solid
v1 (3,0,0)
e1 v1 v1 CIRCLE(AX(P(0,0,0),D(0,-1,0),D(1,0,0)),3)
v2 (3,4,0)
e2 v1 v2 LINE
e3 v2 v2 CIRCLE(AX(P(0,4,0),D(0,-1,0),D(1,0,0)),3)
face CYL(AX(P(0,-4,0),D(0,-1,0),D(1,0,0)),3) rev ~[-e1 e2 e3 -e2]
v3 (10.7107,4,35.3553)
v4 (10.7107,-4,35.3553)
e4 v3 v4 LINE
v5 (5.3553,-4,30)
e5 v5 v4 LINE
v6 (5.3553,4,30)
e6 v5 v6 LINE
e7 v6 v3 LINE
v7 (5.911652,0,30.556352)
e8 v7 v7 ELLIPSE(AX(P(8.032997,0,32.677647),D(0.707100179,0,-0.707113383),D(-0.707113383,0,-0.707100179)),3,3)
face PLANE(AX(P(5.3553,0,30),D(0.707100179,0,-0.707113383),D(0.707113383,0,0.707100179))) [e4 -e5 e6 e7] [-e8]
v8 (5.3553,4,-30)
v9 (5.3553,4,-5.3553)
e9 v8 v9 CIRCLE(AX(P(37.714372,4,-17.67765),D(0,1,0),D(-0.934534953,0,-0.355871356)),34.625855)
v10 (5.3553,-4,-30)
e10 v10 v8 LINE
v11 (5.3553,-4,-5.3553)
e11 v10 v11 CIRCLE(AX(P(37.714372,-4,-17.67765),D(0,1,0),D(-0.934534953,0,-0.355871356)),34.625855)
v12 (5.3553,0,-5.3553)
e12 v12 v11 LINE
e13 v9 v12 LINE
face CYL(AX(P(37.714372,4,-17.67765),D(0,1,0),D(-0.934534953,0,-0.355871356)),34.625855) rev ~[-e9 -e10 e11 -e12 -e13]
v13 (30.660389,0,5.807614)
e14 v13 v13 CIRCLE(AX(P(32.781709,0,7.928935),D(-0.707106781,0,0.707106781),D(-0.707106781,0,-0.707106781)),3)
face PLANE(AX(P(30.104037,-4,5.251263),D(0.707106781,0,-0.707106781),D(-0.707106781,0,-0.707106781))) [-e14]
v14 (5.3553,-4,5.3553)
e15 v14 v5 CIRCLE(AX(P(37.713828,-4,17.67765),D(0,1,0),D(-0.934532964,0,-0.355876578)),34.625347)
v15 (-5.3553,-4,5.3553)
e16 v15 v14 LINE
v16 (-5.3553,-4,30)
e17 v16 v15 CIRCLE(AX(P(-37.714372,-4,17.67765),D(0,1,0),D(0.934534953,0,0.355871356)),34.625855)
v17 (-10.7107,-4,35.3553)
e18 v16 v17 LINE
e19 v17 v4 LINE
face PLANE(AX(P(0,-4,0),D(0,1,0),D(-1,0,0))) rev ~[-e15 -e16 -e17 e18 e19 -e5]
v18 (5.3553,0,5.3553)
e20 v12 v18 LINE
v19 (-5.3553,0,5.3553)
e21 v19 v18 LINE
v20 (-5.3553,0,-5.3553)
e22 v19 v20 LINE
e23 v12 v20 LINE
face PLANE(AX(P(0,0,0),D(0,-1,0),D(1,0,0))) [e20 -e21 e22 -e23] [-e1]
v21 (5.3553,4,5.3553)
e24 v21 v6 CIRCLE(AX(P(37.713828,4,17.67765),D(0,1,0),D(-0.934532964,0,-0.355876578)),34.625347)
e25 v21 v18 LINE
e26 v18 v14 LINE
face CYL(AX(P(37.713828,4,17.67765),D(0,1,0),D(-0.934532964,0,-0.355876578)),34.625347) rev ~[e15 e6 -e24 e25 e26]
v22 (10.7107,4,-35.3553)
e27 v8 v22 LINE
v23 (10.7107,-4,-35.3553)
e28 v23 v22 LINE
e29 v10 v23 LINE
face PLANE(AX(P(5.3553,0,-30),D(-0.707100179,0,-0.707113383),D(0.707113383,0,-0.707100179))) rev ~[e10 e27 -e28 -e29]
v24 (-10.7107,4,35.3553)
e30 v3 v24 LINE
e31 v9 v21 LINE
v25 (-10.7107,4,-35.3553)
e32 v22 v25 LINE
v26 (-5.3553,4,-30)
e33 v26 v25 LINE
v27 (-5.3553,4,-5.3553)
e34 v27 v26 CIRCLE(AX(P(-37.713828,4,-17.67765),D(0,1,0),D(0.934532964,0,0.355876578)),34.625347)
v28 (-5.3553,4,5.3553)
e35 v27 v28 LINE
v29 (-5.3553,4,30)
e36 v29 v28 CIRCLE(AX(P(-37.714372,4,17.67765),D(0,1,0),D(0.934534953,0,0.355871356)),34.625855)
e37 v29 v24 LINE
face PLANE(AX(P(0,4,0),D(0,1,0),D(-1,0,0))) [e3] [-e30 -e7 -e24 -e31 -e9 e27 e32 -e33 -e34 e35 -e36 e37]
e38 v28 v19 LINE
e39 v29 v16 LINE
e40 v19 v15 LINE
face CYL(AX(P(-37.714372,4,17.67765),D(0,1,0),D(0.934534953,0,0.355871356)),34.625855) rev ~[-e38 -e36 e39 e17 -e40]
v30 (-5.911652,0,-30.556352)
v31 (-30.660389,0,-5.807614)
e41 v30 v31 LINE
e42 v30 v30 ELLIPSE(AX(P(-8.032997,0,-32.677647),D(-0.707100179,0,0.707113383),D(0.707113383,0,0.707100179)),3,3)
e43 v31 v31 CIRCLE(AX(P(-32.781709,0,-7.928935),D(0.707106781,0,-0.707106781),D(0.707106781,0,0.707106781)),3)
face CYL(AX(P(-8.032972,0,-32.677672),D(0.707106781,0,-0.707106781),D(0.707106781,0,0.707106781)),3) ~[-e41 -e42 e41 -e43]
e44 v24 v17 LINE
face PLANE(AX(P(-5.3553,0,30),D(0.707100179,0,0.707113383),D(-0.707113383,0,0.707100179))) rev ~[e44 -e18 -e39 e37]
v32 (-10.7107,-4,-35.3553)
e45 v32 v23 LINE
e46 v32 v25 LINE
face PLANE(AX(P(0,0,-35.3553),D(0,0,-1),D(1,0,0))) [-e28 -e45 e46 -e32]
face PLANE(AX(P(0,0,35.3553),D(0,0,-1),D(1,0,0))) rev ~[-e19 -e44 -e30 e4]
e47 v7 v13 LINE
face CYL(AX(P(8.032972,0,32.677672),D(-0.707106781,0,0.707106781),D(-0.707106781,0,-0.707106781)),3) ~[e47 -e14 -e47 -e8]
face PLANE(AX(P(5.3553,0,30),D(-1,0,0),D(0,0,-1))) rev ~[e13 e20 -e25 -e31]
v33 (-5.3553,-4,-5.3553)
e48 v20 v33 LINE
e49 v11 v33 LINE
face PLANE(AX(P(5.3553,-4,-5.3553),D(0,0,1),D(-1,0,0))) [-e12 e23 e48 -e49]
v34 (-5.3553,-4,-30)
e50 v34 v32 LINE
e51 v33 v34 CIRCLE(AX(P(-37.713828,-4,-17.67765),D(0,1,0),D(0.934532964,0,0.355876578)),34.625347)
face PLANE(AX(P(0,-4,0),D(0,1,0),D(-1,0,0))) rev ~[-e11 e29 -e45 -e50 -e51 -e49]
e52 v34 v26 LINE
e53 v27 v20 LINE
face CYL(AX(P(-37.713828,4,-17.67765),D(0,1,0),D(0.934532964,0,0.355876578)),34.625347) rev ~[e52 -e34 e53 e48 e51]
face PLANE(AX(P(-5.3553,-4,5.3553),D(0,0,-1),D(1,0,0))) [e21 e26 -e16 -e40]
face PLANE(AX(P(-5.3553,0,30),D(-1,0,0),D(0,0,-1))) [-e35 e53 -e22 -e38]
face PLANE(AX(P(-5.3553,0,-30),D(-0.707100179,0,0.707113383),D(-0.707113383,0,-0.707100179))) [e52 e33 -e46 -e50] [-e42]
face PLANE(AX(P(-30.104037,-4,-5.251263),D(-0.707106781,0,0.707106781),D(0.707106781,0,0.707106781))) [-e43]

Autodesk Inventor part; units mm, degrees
ref_plane "YZ Plane" through (0, 0, 0) normal (1, 0, 0) x (0, 1, 0)
ref_plane "XZ Plane" through (0, 0, 0) normal (0, 1, 0) x (-1, 0, 0)
ref_plane "XY Plane" through (0, 0, 0) normal (0, 0, 1) x (1, 0, 0)
sketch "スケッチ1" plane through (0, 0, 0) normal (0, 1, 0) x (-1, 0, 0)
  line L0 (-35.3553, 0) -> (0, 35.3553)
  line L1 (0, 35.3553) -> (35.3553, 0)
  line L2 (35.3553, 0) -> (0, -35.3553)
  line L3 (0, -35.3553) -> (-35.3553, 0)
  line L4 (-25, 25) -> (25, -25) construction
  line L5 (25, 25) -> (-25, -25) construction
  line L6 (0, 0) -> (0, -30)
  line L7 (0, -30) -> (5.3553, -30)
  line L8 (5.3553, -30) -> (10.7107, -35.3553)
  line L9 (5.3553, -30) -> (5.3553, 0)
  line L10 (0, 0) -> (30, 0)
  line L11 (30, 0) -> (30, -5.3553)
  line L12 (30, -5.3553) -> (0, -5.3553)
  line L13 (35.3553, 0) -> (47.1243, -11.769)
  line L14 (35.3553, 0) -> (35.3553, -35.3553)
  line L15 (0, -35.3553) -> (35.3553, -35.3553)
  line L16 (30, -5.3553) -> (35.3553, -10.7107)
  line L17 (5.3553, 30) -> (5.3553, 0)
  line L18 (30, 5.3553) -> (0, 5.3553)
  line L19 (0, 35.3553) -> (35.3553, 0)
  line L20 (30, 5.3553) -> (35.3553, 10.7107)
  line L21 (30, 0) -> (30, 5.3553)
  line L22 (0, 30) -> (5.3553, 30)
  line L23 (5.3553, 30) -> (10.7107, 35.3553)
  line L24 (0, 35.3553) -> (35.3553, 35.3553)
  line L25 (35.3553, 0) -> (35.3553, 35.3553)
  line L26 (0, 0) -> (0, 30)
  line L27 (0, 0) -> (30, 0)
  line L28 (-30, 5.3553) -> (0, 5.3553)
  line L29 (-5.3553, 30) -> (-5.3553, 0)
  line L30 (-35.3553, 0) -> (0, 35.3553)
  line L31 (-5.3553, 30) -> (-10.7107, 35.3553)
  line L32 (0, 30) -> (-5.3553, 30)
  line L33 (-30, 0) -> (-30, 5.3553)
  line L34 (-30, 5.3553) -> (-35.3553, 10.7107)
  line L35 (-35.3553, 0) -> (-35.3553, 35.3553)
  line L36 (0, 35.3553) -> (-35.3553, 35.3553)
  line L37 (0, 0) -> (-30, 0)
  line L38 (0, 0) -> (0, 30)
  line L39 (-5.3553, -30) -> (-5.3553, 0)
  line L40 (-30, -5.3553) -> (0, -5.3553)
  line L41 (0, -35.3553) -> (-35.3553, 0)
  line L42 (-30, -5.3553) -> (-35.3553, -10.7107)
  line L43 (-30, 0) -> (-30, -5.3553)
  line L44 (0, -30) -> (-5.3553, -30)
  line L45 (-5.3553, -30) -> (-10.7107, -35.3553)
  line L46 (0, -35.3553) -> (-35.3553, -35.3553)
  line L47 (-35.3553, 0) -> (-35.3553, -35.3553)
  line L48 (0, 0) -> (0, -30)
  line L49 (0, 0) -> (-30, 0)
  point P0 (35.3553, 0)
  point P1 (5.3553, 5.3553)
  point P2 (-5.3553, 5.3553)
  point P3 (-5.3553, -5.3553)
  point P4 (0, -35.3553)
  point P5 (5.3553, -5.3553)
  point P6 (-5.3553, 0)
  dimension "d0" = 50
  dimension "d1" = 50
  dimension "d3" = 30
  dimension "d4" = 30
  dimension "d7" = 360
extrude "押し出し1" add sketch "スケッチ1" along normal mid plane 8 contours L31 L36 L0 | L32 L26 L28 L29 | L0 L1 L22 L32 | L28 L26 L37 L29 | L44 L7 L2 L3 | L39 L40 L6 L44 | L3 L46 L45 | L39 L37 L6 L40 | L24 L23 L1 | L22 L17 L18 L26 | L18 L17 L10 L26 | L2 L8 L15 | L6 L12 L9 L7 | L6 L10 L9 L12
sketch "スケッチ3" plane through (5.3553, -4, 30) normal (0.7071, 0, -0.7071) x (-0.7071, 0, -0.7071)
  line L0 (-7.5736, 8) -> (7.5736, 8) projected
  line L1 (42.4264, 0) -> (0, 0) projected
  line L2 (-7.5736, 8) -> (0, 0)
  line L3 (-7.5736, 0) -> (7.5736, 0) projected
  line L4 (0, 8) -> (-7.5736, 0)
  circle A0 centre (-3.7868, 4) radius 3
  point P0 (25, 4)
  point P1 (17.4264, 0)
  dimension "d12" = 6
extrude "押し出し2" add sketch "スケッチ3" along normal blind 35 contours A0 L4 L2 | L2 L4 A0 | A0 L2 L4 | L2 A0 L4
pattern_circular "円形状パターン1" count 2 over 360 about axis through (0, -10, 0) along (0, 1, 0) of "押し出し2"
sketch "スケッチ4" plane through (0, 4, 0) normal (0, 1, 0) x (1, 0, 0)
  line L0 (-30, -5.3553) -> (-5.3553, -5.3553) projected
  line L1 (-35.3553, -10.7107) -> (-30, -5.3553) projected
  arc A0 (-5.3553, -5.3553) -> (-30, -5.3553) centre (-17.6777, -37.7141) ccw
  line L2 (-30, -5.3553) -> (-5.3553, -5.3553)
  line L3 (-35.3553, 0) -> (35.3553, 0)
  line L4 (35.3553, -10.7107) -> (35.3553, 10.7107) projected
  line L5 (10.7107, 35.3553) -> (-10.7107, 35.3553) projected
  line L6 (0, 35.3553) -> (0, -35.3553)
  arc A1 (-30, 5.3553) -> (-5.3553, 5.3553) centre (-17.6777, 37.7141) ccw
  arc A2 (5.3553, -5.3553) -> (5.3553, -30) centre (37.7141, -17.6777) ccw
  line L7 (5.3553, -30) -> (5.3553, -5.3553)
  arc A3 (-5.3553, -30) -> (-5.3553, -5.3553) centre (-37.7141, -17.6777) ccw
  arc A4 (5.3553, 5.3553) -> (30, 5.3553) centre (17.6777, 37.7141) ccw
  line L8 (30, 5.3553) -> (5.3553, 5.3553)
  arc A5 (30, -5.3553) -> (5.3553, -5.3553) centre (17.6777, -37.7141) ccw
  arc A6 (-5.3553, 5.3553) -> (-5.3553, 30) centre (-37.7141, 17.6777) ccw
  line L9 (-5.3553, 30) -> (-5.3553, 5.3553)
  arc A7 (5.3553, 30) -> (5.3553, 5.3553) centre (37.7141, 17.6777) ccw
  line L10 (-30, 5.3553) -> (-35.3553, 10.7107) projected
  line L11 (-30, 5.3553) -> (-5.3553, 5.3553) projected
  line L12 (-30, 5.3553) -> (-5.3553, 5.3553)
  line L13 (-5.3553, 30) -> (-5.3553, 5.3553)
  line L14 (5.3553, 30) -> (5.3553, 5.3553)
  line L15 (5.3553, -5.3553) -> (30, -5.3553)
  line L16 (10.7107, -35.3553) -> (5.3553, -30) projected
  line L17 (5.3553, -5.3553) -> (5.3553, -30)
  line L18 (-5.3553, -5.3553) -> (-5.3553, -30)
  line L19 (-5.3553, 5.3553) -> (-5.3553, -5.3553)
  line L20 (5.3553, -5.3553) -> (5.3553, 5.3553)
  point P0 (0, 0)
  point P1 (-5.3553, 5.3553)
  point P2 (-5.3553, 5.3553)
  point P3 (5.3553, 5.3553)
  point P4 (5.3553, 5.3553)
  point P5 (5.3553, 5.3553)
  point P6 (5.3553, 5.3553)
  dimension "d20" = 360
extrude "押し出し3" cut sketch "スケッチ4" against normal blind 8 contours L9 A6 | A7 L14 | L7 A2 | A3 L18
sketch "スケッチ8" plane through (0, -4, 0) normal (0, -1, 0) x (1, 0, 0)
  circle A0 centre (0, 0) radius 3
  dimension "d34" = 6
extrude "押し出し6" cut sketch "スケッチ8" against normal blind 8
sketch "スケッチ9" plane through (0, -4, 0) normal (0, -1, 0) x (1, 0, 0)
  line L0 (5.3553, -5.3553) -> (5.3553, 5.3553) projected
  line L1 (5.3553, -5.3553) -> (-5.3553, -5.3553)
  line L2 (-5.3553, 5.3553) -> (-5.3553, -5.3553) projected
  line L3 (-5.3553, -5.3553) -> (-5.3553, 5.3553)
  line L4 (-5.3553, 5.3553) -> (5.3553, 5.3553)
  line L5 (5.3553, 5.3553) -> (5.3553, -5.3553)
  point P0 (0, 0)
  point P1 (5.3553, 5.3553)
extrude "押し出し7" cut sketch "スケッチ9" against normal blind 4
